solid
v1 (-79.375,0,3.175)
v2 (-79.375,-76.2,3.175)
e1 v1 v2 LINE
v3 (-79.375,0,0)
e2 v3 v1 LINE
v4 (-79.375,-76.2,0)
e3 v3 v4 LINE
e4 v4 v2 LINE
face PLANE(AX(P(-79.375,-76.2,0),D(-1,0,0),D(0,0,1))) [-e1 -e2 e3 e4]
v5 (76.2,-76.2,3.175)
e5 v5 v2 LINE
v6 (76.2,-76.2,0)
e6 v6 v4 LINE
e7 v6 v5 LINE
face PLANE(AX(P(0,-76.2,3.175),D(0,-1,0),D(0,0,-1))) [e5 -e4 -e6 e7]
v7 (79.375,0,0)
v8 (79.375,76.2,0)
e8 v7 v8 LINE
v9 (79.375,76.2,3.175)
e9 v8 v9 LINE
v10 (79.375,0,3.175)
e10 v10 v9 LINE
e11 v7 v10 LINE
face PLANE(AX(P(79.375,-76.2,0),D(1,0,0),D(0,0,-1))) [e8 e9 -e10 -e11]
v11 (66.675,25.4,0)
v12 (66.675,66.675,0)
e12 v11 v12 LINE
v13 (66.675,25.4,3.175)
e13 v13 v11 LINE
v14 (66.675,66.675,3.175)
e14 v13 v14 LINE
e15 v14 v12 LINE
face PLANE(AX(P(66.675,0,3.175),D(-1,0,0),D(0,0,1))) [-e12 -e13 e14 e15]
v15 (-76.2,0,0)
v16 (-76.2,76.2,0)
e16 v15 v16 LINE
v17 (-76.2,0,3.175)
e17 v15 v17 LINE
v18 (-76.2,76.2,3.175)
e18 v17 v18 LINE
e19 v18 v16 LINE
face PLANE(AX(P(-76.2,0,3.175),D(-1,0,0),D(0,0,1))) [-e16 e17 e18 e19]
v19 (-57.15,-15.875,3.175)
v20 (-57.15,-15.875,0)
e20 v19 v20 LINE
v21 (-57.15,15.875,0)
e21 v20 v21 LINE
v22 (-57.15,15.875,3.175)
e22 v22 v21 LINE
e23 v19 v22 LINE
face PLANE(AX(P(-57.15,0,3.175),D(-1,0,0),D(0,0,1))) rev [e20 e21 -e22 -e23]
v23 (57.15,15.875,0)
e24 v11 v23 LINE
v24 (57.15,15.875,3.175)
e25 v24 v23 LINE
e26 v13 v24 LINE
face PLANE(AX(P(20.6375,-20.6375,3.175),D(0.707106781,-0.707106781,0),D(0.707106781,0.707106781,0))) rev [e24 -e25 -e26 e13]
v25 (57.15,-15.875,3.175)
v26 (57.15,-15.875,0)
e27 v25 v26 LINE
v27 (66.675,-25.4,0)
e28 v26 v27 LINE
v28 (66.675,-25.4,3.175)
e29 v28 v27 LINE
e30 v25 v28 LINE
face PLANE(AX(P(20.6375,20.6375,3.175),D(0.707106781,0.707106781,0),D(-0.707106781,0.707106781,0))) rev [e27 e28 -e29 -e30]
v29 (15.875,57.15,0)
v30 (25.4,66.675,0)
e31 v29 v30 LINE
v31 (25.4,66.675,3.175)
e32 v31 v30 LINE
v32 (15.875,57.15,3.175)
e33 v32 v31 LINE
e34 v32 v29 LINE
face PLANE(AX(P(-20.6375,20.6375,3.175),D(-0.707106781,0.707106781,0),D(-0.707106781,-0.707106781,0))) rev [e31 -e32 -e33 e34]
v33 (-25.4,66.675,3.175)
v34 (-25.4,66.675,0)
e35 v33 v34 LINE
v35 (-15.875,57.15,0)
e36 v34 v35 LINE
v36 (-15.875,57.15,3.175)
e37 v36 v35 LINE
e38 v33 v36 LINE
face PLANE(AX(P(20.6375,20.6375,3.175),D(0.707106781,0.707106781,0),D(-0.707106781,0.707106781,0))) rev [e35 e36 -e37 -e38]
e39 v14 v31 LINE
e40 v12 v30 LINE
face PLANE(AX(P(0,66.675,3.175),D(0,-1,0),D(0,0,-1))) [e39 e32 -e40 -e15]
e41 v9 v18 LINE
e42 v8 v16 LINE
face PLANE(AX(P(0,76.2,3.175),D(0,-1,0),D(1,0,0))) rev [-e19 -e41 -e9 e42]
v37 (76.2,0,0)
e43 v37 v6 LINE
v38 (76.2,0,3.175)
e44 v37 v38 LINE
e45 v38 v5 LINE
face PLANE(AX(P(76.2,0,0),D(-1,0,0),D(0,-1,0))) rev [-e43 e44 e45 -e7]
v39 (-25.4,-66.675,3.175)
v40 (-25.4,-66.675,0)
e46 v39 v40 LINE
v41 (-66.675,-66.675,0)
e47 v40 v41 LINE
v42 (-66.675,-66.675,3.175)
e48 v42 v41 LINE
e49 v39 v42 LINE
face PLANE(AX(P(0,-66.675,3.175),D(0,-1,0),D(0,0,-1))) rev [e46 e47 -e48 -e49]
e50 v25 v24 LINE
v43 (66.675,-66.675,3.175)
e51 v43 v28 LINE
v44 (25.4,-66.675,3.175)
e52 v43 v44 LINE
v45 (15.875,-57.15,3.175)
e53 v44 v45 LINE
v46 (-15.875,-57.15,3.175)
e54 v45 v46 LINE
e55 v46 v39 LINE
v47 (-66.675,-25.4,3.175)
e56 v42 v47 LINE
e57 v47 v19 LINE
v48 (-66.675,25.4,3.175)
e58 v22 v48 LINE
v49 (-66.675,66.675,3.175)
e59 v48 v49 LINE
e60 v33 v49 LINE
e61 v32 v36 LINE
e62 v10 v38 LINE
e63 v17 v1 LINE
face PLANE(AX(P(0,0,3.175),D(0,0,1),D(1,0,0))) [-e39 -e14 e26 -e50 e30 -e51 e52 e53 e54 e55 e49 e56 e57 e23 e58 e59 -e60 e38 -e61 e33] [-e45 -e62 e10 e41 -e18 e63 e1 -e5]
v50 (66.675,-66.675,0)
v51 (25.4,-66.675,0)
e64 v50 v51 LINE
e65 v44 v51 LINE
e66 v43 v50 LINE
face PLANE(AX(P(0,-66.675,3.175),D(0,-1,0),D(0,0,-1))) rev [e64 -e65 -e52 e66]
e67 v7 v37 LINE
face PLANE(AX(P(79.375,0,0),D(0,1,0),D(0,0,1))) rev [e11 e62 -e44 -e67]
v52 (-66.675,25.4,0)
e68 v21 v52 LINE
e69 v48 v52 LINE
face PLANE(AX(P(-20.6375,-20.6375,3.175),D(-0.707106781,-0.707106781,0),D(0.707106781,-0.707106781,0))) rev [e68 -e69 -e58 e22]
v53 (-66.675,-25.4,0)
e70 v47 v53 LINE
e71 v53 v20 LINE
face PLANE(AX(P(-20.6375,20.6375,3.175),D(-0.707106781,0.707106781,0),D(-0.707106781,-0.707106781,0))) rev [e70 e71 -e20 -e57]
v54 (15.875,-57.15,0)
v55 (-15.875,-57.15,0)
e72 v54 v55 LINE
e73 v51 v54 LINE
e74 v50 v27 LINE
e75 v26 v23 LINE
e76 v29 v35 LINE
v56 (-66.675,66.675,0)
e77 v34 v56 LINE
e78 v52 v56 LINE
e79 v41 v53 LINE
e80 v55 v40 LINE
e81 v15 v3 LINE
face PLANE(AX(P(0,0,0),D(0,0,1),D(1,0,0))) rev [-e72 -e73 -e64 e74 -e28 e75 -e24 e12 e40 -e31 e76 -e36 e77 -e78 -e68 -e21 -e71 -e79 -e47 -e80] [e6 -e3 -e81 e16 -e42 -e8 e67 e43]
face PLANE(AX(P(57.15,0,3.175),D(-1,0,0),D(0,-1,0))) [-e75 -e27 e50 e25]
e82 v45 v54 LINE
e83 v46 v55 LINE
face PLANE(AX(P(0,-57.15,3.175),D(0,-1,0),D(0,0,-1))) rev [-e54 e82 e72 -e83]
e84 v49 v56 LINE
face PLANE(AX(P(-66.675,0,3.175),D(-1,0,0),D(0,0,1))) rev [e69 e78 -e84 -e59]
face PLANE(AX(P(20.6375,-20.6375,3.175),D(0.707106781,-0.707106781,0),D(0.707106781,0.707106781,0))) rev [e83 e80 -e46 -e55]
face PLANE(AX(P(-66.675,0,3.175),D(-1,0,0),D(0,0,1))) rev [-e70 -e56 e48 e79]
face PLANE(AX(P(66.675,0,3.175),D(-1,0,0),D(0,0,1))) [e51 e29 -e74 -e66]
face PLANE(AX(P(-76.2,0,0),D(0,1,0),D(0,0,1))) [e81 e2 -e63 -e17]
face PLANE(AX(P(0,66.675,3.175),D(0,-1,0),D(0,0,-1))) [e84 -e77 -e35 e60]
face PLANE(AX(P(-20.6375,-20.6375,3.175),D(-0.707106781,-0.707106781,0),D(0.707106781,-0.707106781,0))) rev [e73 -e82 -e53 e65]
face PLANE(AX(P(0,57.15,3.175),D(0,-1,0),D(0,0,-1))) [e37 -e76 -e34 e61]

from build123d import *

# Parameters (mm, degrees)
SKETCH1_W           = 152.4
SKETCH1_H           = 152.4
SKETCH1_W_2         = 133.35
SKETCH1_H_2         = 133.35
BOSS_EXTRUDE1_DEPTH = 3.175
SKETCH2_W           = 3.175
SKETCH2_H           = 152.4
BOSS_EXTRUDE4_DEPTH = 3.175
SKETCH3_W           = 3.175
SKETCH3_H           = 76.2
BOSS_EXTRUDE5_DEPTH = 3.175
SKETCH4_W           = 3.175
SKETCH4_H           = 76.2
CUT_EXTRUDE1_DEPTH  = 3.175


with BuildPart() as part:
    # Sketch1 → Boss-Extrude1 (new body)
    with BuildSketch(Plane.XY):
        Rectangle(SKETCH1_W, SKETCH1_H)
        Rectangle(SKETCH1_W_2, SKETCH1_H_2, mode=Mode.SUBTRACT)
        Polygon((25.4, 66.675), (-25.4, 66.675), (-15.875, 57.15), (15.875, 57.15), align=None)
        Polygon((66.675, -25.4), (66.675, 25.4), (57.15, 15.875), (57.15, -15.875), align=None)
        Polygon((-15.875, -57.15), (-25.4, -66.675), (25.4, -66.675), (15.875, -57.15), align=None)
        Polygon((-57.15, 15.875), (-66.675, 25.4), (-66.675, -25.4), (-57.15, -15.875), align=None)
    extrude(amount=BOSS_EXTRUDE1_DEPTH)

    # Sketch2 → Boss-Extrude4 (add)
    with BuildSketch(Plane.XY.offset(3.175)):
        with Locations((77.7875, 0)):
            Rectangle(SKETCH2_W, SKETCH2_H)
    extrude(amount=-BOSS_EXTRUDE4_DEPTH)

    # Sketch3 → Boss-Extrude5 (add)
    with BuildSketch(Plane.XY.offset(3.175)):
        with Locations((77.7875, 38.1)):
            Rectangle(SKETCH3_W, SKETCH3_H)
        with Locations((-77.7875, -38.1)):
            Rectangle(SKETCH3_W, SKETCH3_H)
    extrude(amount=-BOSS_EXTRUDE5_DEPTH)

    # Sketch4 → Cut-Extrude1 (cut)
    with BuildSketch(Plane.XY.offset(3.175)):
        with Locations((77.7875, -38.1)):
            Rectangle(SKETCH4_W, SKETCH4_H)
    extrude(amount=-CUT_EXTRUDE1_DEPTH, mode=Mode.SUBTRACT)


solid = part.part
